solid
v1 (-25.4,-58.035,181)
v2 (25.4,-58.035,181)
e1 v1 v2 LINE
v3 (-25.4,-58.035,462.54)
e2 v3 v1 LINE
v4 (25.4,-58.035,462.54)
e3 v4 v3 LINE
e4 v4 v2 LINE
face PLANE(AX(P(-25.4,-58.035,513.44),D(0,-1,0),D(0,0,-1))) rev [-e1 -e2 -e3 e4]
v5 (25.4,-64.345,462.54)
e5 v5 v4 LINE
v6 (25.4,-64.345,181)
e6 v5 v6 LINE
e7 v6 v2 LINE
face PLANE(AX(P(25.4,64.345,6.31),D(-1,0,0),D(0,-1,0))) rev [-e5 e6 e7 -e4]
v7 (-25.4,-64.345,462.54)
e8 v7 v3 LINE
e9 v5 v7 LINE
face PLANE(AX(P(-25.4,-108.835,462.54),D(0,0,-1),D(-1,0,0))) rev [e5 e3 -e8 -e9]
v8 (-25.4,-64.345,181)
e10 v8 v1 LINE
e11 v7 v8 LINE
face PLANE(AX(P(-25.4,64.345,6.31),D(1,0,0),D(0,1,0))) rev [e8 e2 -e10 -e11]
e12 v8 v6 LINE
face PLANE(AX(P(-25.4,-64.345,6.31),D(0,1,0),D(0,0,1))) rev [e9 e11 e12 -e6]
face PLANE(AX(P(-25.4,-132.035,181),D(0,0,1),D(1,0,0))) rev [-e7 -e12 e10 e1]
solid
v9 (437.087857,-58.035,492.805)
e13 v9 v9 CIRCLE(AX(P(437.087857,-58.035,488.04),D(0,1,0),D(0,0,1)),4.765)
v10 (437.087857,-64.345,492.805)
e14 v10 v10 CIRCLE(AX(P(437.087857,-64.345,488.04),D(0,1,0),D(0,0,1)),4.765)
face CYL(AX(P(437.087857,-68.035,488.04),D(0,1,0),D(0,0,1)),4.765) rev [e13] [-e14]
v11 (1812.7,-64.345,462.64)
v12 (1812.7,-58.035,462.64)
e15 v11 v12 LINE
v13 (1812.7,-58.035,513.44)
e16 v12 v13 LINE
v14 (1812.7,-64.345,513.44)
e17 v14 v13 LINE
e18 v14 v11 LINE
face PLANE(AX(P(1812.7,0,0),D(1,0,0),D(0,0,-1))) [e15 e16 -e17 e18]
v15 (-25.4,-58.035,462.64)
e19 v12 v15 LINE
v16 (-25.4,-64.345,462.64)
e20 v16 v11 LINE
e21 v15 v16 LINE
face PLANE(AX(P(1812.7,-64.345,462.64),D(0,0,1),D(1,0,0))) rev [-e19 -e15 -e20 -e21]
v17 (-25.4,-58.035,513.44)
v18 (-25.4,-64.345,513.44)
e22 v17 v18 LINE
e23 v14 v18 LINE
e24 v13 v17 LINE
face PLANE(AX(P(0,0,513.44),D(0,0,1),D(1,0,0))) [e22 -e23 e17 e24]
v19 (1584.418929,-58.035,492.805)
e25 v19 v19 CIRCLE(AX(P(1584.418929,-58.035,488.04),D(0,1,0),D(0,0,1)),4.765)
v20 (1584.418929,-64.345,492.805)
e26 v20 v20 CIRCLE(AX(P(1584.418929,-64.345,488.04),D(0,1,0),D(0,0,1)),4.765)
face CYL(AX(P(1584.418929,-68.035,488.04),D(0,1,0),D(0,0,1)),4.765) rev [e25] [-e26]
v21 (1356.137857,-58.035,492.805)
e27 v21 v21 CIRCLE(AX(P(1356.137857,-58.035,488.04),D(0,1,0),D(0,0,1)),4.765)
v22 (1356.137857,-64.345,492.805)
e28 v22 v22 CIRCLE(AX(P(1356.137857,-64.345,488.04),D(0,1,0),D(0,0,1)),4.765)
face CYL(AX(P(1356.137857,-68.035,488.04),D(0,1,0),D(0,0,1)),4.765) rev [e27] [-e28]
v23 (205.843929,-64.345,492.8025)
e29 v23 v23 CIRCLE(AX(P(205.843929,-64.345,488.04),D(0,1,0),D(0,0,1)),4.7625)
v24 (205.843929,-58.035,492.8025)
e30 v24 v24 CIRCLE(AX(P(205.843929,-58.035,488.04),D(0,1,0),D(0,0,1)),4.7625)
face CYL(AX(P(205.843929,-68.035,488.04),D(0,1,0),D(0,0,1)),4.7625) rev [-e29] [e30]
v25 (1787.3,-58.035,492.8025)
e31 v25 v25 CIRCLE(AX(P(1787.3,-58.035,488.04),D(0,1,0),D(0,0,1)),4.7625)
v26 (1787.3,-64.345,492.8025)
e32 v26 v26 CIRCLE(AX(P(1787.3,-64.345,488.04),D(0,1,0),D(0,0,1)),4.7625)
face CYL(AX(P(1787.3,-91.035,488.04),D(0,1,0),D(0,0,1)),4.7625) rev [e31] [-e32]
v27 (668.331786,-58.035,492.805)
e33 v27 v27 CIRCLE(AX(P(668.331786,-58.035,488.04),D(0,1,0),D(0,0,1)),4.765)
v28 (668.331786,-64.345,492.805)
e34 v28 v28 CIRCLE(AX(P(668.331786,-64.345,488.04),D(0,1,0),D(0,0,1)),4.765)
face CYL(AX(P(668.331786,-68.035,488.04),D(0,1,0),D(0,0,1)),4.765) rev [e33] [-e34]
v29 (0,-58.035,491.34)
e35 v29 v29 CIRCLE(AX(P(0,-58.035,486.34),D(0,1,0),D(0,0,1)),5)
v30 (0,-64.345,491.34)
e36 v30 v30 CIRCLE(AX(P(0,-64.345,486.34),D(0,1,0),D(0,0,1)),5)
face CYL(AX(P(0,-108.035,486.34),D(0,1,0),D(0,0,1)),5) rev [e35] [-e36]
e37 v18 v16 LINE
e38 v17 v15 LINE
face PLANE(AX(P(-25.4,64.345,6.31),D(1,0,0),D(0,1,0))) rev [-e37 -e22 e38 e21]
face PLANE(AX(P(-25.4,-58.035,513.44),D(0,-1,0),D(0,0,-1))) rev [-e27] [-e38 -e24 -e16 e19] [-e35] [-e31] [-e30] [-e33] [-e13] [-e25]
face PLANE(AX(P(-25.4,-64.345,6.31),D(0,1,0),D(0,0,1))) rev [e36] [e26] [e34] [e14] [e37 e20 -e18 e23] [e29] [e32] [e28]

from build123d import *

# Parameters (mm, degrees)
CROQUIS2_W              = 50.8
CROQUIS2_H              = 128.69
SALIENTE_EXTRUIR1_DEPTH = 6.31
CROQUIS3_W              = 50.8
CROQUIS3_H              = 6.31
SALIENTE_EXTRUIR2_DEPTH = 507.13
CROQUIS4_W              = 50.8
CROQUIS4_H              = 6.31
SALIENTE_EXTRUIR3_DEPTH = 1787.3
CROQUIS9_W              = 50.8
CROQUIS9_H              = 6.31
SALIENTE_EXTRUIR4_DEPTH = 98
CROQUIS12_R             = 5
CORTAR_EXTRUIR1_DEPTH   = 10
CORTAR_EXTRUIR2_DEPTH   = 73
CROQUIS16_W             = 47.2
CROQUIS16_H             = 71.54029971
CORTAR_EXTRUIR5_DEPTH   = 10
CROQUIS25_W             = 50.8
CROQUIS25_H             = 0.1
CORTAR_EXTRUIR14_DEPTH  = 50.8
CROQUIS24_W             = 50.8
CROQUIS24_H             = 0.1
CORTAR_EXTRUIR15_DEPTH  = 50.8
CROQUIS26_R             = 4.7625
CORTAR_EXTRUIR16_DEPTH  = 33
CROQUIS27_R             = 5
CORTAR_EXTRUIR17_DEPTH  = 33
CROQUIS32_R             = 5
CORTAR_EXTRUIR22_DEPTH  = 50
CROQUIS33_R             = 5
CORTAR_EXTRUIR23_DEPTH  = 50
CROQUIS34_R             = 4.765
CROQUIS34_R_2           = 4.7625
CORTAR_EXTRUIR24_DEPTH  = 10
CROQUIS35_R             = 4.765
CROQUIS35_R_2           = 4.7625
CORTAR_EXTRUIR25_DEPTH  = 10
CROQUIS36_R             = 5
CORTAR_EXTRUIR26_DEPTH  = 10
CROQUIS37_W             = 50.8
CROQUIS37_H             = 6.31
SALIENTE_EXTRUIR5_DEPTH = 100
CORTAR_EXTRUIR27_DEPTH  = 135
CROQUIS40_W             = 50.8
CROQUIS40_H             = 181
CORTAR_EXTRUIR28_DEPTH  = 74
CROQUIS42_W             = 161.497999248
CROQUIS42_H             = 238.597734352
CORTAR_EXTRUIR30_DEPTH  = 87


with BuildPart() as part:
    # Croquis2 → Saliente-Extruir1 (new body)
    with BuildSketch(Plane.XY):
        Rectangle(CROQUIS2_W, CROQUIS2_H)
    extrude(amount=SALIENTE_EXTRUIR1_DEPTH)

    # Croquis3 → Saliente-Extruir2 (add)
    with BuildSketch(Plane.XY.offset(6.31)):
        with Locations((0, -61.19)):
            Rectangle(CROQUIS3_W, CROQUIS3_H)
    extrude(amount=SALIENTE_EXTRUIR2_DEPTH)

    # Croquis4 → Saliente-Extruir3 (add)
    with BuildSketch(Plane(origin=(25.4, 0, 0), x_dir=(0, 0, -1), z_dir=(1, 0, 0))):
        with Locations((-488.04, -61.19)):
            Rectangle(CROQUIS4_W, CROQUIS4_H)
    extrude(amount=SALIENTE_EXTRUIR3_DEPTH)

    # Barrer2: sweep along a curve in space
    with BuildLine() as barrer2_path:
        Line((1787.3, -61.19, 513.44), (1787.3, -61.19, 629.44))
        Line((1787.3, -61.19, 629.44), (1787.3, 63.52, 629.44))
        Line((1787.3, 63.52, 629.44), (1787.3, 63.52, 1423.44))
    # Croquis9 → Barrer2 (sweep)
    with BuildSketch(Plane.XY.offset(513.44)):
        with Locations((1787.3, -61.19)):
            Rectangle(CROQUIS9_W, CROQUIS9_H)
    sweep(path=barrer2_path.line, transition=Transition.RIGHT)

    # Croquis11 → Saliente-Extruir4 (add)
    with BuildSketch(Plane.ZY.offset(25.4)):
        Polygon((0, 64.345), (-33.068312374, 124.322347428), (-27.542535245, 127.368966394), (6.31, 64.345), align=None)
    extrude(amount=-SALIENTE_EXTRUIR4_DEPTH)

    # Croquis12 → Cortar-Extruir1 (cut)
    with BuildSketch(Plane(origin=(0, 66.675, 0), x_dir=(1, 0, 0), z_dir=(0, 1, 0))):
        with Locations((1787.3, -1390.44)):
            Circle(CROQUIS12_R)
        with Locations((1787.3, -1170.44)):
            Circle(CROQUIS12_R)
    extrude(amount=-CORTAR_EXTRUIR1_DEPTH, mode=Mode.SUBTRACT)

    # Croquis13 → Cortar-Extruir2 (cut)
    with BuildSketch(Plane(origin=(1812.7, 0, 0), x_dir=(0, 0, -1), z_dir=(1, 0, 0))):
        Polygon((-632.595, 53.56128726), (-626.285, 53.56128726), (-626.285, 66.675), (-1423.44, 66.675), (-1423.44, 60.365), (-632.595, 60.365), align=None)
    extrude(amount=-CORTAR_EXTRUIR2_DEPTH, mode=Mode.SUBTRACT)

    # Croquis16 → Cortar-Extruir5 (cut)
    with BuildSketch(Plane(origin=(0, 17.038152429, 31.720281459), x_dir=(1, 0, 0), z_dir=(0, 0.4731953232328629, 0.880957539311939))):
        with Locations((49, 89.469500232)):
            Rectangle(CROQUIS16_W, CROQUIS16_H)
    extrude(amount=-CORTAR_EXTRUIR5_DEPTH, mode=Mode.SUBTRACT)

    # Croquis25 → Cortar-Extruir14 (cut)
    with BuildSketch(Plane(origin=(0, -58.035, 0), x_dir=(1, 0, 0), z_dir=(0, 1, 0))):
        with Locations((1787.3, -513.49)):
            Rectangle(CROQUIS25_W, CROQUIS25_H)
    extrude(amount=-CORTAR_EXTRUIR14_DEPTH, mode=Mode.SUBTRACT)


with BuildPart() as cortar_extruir14_piece_1:
    # of the separate pieces the step leaves, piece 1, a body of its own (cortar_extruir14_pieces)
    add(part.part.solids().sort_by_distance((-25.4, -58.035, 6.31))[0])

    # Croquis24 → Cortar-Extruir15 (cut)
    with BuildSketch(Plane(origin=(0, -58.035, 0), x_dir=(1, 0, 0), z_dir=(0, 1, 0))):
        with Locations((0, -462.59)):
            Rectangle(CROQUIS24_W, CROQUIS24_H)
    extrude(amount=-CORTAR_EXTRUIR15_DEPTH, mode=Mode.SUBTRACT)


with BuildPart() as cortar_extruir14_piece_2:
    # of the separate pieces the step leaves, piece 2, a body of its own (cortar_extruir14_pieces)
    add(part.part.solids().sort_by_distance((1812.7, -58.035, 513.54))[0])

    # Croquis27 → Cortar-Extruir17 (cut)
    with BuildSketch(Plane(origin=(0, 0, 626.285), x_dir=(-1, 0, 0), z_dir=(0, 0, -1))):
        with Locations((-1787.3, 19.56128726)):
            Circle(CROQUIS27_R)
    extrude(amount=-CORTAR_EXTRUIR17_DEPTH, mode=Mode.SUBTRACT)

    # Croquis37 → Saliente-Extruir5 (add)
    with BuildSketch(Plane(origin=(0, 53.56128726, 0), x_dir=(1, 0, 0), z_dir=(0, 1, 0))):
        with Locations((1787.3, -629.44)):
            Rectangle(CROQUIS37_W, CROQUIS37_H)
    extrude(amount=SALIENTE_EXTRUIR5_DEPTH)

    # Croquis42 → Cortar-Extruir30 (cut)
    with BuildSketch(Plane(origin=(1812.7, 0, 0), x_dir=(0, 0, -1), z_dir=(1, 0, 0))):
        with Locations((-594.288999624, 54.953867176)):
            Rectangle(CROQUIS42_W, CROQUIS42_H)
    extrude(amount=-CORTAR_EXTRUIR30_DEPTH, mode=Mode.SUBTRACT)


with BuildPart() as cortar_extruir15_piece_1:
    # of the separate pieces the step leaves, piece 1, a body of its own (cortar_extruir15_pieces)
    add(cortar_extruir14_piece_1.part.solids().sort_by_distance((-25.4, -58.035, 462.64))[0])

    # Croquis26 → Cortar-Extruir16 (cut)
    with BuildSketch(Plane(origin=(0, -58.035, 0), x_dir=(1, 0, 0), z_dir=(0, 1, 0))):
        with Locations((1787.3, -488.04)):
            Circle(CROQUIS26_R)
    extrude(amount=-CORTAR_EXTRUIR16_DEPTH, mode=Mode.SUBTRACT)

    # Croquis32 → Cortar-Extruir22 (cut)
    with BuildSketch(Plane(origin=(0, -58.035, 0), x_dir=(1, 0, 0), z_dir=(0, 1, 0))):
        with Locations((0, -486.34)):
            Circle(CROQUIS32_R)
    extrude(amount=-CORTAR_EXTRUIR22_DEPTH, mode=Mode.SUBTRACT)

    # Croquis35 → Cortar-Extruir25 (cut)
    with BuildSketch(Plane(origin=(0, -58.035, 0), x_dir=(1, 0, 0), z_dir=(0, 1, 0))):
        with Locations((1584.418928683, -488.04)):
            Circle(CROQUIS35_R)
        with Locations((1356.137857365, -488.04)):
            Circle(CROQUIS35_R)
        with Locations((668.331786048, -488.04)):
            Circle(CROQUIS35_R)
        with Locations((437.087857365, -488.04)):
            Circle(CROQUIS35_R)
        with Locations((205.843928683, -488.04)):
            Circle(CROQUIS35_R_2)
    extrude(amount=-CORTAR_EXTRUIR25_DEPTH, mode=Mode.SUBTRACT)


with BuildPart() as cortar_extruir15_piece_2:
    # of the separate pieces the step leaves, piece 2, a body of its own (cortar_extruir15_pieces)
    add(cortar_extruir14_piece_1.part.solids().sort_by_distance((-25.4, -58.035, 6.31))[0])

    # Croquis33 → Cortar-Extruir23 (cut)
    with BuildSketch(Plane(origin=(0, 17.038152429, 31.720281459), x_dir=(1, 0, 0), z_dir=(0, 0.473195323232863, 0.8809575393119389))):
        with Locations((0, 98.119650087)):
            Circle(CROQUIS33_R)
    extrude(amount=-CORTAR_EXTRUIR23_DEPTH, mode=Mode.SUBTRACT)

    # Croquis34 → Cortar-Extruir24 (cut)
    with BuildSketch(Plane.XY.offset(6.31)):
        with Locations((12.7, -27.44)):
            Circle(CROQUIS34_R)
        with Locations((-12.7, 33.75)):
            Circle(CROQUIS34_R_2)
    extrude(amount=-CORTAR_EXTRUIR24_DEPTH, mode=Mode.SUBTRACT)

    # Croquis36 → Cortar-Extruir26 (cut)
    with BuildSketch(Plane(origin=(0, -58.035, 0), x_dir=(1, 0, 0), z_dir=(0, 1, 0))):
        with Locations((0, -105.807204666)):
            Circle(CROQUIS36_R)
    extrude(amount=-CORTAR_EXTRUIR26_DEPTH, mode=Mode.SUBTRACT)

    # Croquis39 → Cortar-Extruir27 (cut)
    with BuildSketch(Plane.ZY.offset(25.4)):
        Polygon((6.31, -58.035), (0, -58.035), (0, 64.345), (-33.068312374, 124.322347428), (-27.542535245, 127.368966394), (6.31, 64.345), align=None)
    extrude(amount=-CORTAR_EXTRUIR27_DEPTH, mode=Mode.SUBTRACT)

    # Croquis40 → Cortar-Extruir28 (cut)
    with BuildSketch(Plane(origin=(0, -58.035, 0), x_dir=(1, 0, 0), z_dir=(0, 1, 0))):
        with Locations((0, -90.5)):
            Rectangle(CROQUIS40_W, CROQUIS40_H)
    extrude(amount=-CORTAR_EXTRUIR28_DEPTH, mode=Mode.SUBTRACT)


solid = Compound([cortar_extruir15_piece_1.part, cortar_extruir15_piece_2.part])
